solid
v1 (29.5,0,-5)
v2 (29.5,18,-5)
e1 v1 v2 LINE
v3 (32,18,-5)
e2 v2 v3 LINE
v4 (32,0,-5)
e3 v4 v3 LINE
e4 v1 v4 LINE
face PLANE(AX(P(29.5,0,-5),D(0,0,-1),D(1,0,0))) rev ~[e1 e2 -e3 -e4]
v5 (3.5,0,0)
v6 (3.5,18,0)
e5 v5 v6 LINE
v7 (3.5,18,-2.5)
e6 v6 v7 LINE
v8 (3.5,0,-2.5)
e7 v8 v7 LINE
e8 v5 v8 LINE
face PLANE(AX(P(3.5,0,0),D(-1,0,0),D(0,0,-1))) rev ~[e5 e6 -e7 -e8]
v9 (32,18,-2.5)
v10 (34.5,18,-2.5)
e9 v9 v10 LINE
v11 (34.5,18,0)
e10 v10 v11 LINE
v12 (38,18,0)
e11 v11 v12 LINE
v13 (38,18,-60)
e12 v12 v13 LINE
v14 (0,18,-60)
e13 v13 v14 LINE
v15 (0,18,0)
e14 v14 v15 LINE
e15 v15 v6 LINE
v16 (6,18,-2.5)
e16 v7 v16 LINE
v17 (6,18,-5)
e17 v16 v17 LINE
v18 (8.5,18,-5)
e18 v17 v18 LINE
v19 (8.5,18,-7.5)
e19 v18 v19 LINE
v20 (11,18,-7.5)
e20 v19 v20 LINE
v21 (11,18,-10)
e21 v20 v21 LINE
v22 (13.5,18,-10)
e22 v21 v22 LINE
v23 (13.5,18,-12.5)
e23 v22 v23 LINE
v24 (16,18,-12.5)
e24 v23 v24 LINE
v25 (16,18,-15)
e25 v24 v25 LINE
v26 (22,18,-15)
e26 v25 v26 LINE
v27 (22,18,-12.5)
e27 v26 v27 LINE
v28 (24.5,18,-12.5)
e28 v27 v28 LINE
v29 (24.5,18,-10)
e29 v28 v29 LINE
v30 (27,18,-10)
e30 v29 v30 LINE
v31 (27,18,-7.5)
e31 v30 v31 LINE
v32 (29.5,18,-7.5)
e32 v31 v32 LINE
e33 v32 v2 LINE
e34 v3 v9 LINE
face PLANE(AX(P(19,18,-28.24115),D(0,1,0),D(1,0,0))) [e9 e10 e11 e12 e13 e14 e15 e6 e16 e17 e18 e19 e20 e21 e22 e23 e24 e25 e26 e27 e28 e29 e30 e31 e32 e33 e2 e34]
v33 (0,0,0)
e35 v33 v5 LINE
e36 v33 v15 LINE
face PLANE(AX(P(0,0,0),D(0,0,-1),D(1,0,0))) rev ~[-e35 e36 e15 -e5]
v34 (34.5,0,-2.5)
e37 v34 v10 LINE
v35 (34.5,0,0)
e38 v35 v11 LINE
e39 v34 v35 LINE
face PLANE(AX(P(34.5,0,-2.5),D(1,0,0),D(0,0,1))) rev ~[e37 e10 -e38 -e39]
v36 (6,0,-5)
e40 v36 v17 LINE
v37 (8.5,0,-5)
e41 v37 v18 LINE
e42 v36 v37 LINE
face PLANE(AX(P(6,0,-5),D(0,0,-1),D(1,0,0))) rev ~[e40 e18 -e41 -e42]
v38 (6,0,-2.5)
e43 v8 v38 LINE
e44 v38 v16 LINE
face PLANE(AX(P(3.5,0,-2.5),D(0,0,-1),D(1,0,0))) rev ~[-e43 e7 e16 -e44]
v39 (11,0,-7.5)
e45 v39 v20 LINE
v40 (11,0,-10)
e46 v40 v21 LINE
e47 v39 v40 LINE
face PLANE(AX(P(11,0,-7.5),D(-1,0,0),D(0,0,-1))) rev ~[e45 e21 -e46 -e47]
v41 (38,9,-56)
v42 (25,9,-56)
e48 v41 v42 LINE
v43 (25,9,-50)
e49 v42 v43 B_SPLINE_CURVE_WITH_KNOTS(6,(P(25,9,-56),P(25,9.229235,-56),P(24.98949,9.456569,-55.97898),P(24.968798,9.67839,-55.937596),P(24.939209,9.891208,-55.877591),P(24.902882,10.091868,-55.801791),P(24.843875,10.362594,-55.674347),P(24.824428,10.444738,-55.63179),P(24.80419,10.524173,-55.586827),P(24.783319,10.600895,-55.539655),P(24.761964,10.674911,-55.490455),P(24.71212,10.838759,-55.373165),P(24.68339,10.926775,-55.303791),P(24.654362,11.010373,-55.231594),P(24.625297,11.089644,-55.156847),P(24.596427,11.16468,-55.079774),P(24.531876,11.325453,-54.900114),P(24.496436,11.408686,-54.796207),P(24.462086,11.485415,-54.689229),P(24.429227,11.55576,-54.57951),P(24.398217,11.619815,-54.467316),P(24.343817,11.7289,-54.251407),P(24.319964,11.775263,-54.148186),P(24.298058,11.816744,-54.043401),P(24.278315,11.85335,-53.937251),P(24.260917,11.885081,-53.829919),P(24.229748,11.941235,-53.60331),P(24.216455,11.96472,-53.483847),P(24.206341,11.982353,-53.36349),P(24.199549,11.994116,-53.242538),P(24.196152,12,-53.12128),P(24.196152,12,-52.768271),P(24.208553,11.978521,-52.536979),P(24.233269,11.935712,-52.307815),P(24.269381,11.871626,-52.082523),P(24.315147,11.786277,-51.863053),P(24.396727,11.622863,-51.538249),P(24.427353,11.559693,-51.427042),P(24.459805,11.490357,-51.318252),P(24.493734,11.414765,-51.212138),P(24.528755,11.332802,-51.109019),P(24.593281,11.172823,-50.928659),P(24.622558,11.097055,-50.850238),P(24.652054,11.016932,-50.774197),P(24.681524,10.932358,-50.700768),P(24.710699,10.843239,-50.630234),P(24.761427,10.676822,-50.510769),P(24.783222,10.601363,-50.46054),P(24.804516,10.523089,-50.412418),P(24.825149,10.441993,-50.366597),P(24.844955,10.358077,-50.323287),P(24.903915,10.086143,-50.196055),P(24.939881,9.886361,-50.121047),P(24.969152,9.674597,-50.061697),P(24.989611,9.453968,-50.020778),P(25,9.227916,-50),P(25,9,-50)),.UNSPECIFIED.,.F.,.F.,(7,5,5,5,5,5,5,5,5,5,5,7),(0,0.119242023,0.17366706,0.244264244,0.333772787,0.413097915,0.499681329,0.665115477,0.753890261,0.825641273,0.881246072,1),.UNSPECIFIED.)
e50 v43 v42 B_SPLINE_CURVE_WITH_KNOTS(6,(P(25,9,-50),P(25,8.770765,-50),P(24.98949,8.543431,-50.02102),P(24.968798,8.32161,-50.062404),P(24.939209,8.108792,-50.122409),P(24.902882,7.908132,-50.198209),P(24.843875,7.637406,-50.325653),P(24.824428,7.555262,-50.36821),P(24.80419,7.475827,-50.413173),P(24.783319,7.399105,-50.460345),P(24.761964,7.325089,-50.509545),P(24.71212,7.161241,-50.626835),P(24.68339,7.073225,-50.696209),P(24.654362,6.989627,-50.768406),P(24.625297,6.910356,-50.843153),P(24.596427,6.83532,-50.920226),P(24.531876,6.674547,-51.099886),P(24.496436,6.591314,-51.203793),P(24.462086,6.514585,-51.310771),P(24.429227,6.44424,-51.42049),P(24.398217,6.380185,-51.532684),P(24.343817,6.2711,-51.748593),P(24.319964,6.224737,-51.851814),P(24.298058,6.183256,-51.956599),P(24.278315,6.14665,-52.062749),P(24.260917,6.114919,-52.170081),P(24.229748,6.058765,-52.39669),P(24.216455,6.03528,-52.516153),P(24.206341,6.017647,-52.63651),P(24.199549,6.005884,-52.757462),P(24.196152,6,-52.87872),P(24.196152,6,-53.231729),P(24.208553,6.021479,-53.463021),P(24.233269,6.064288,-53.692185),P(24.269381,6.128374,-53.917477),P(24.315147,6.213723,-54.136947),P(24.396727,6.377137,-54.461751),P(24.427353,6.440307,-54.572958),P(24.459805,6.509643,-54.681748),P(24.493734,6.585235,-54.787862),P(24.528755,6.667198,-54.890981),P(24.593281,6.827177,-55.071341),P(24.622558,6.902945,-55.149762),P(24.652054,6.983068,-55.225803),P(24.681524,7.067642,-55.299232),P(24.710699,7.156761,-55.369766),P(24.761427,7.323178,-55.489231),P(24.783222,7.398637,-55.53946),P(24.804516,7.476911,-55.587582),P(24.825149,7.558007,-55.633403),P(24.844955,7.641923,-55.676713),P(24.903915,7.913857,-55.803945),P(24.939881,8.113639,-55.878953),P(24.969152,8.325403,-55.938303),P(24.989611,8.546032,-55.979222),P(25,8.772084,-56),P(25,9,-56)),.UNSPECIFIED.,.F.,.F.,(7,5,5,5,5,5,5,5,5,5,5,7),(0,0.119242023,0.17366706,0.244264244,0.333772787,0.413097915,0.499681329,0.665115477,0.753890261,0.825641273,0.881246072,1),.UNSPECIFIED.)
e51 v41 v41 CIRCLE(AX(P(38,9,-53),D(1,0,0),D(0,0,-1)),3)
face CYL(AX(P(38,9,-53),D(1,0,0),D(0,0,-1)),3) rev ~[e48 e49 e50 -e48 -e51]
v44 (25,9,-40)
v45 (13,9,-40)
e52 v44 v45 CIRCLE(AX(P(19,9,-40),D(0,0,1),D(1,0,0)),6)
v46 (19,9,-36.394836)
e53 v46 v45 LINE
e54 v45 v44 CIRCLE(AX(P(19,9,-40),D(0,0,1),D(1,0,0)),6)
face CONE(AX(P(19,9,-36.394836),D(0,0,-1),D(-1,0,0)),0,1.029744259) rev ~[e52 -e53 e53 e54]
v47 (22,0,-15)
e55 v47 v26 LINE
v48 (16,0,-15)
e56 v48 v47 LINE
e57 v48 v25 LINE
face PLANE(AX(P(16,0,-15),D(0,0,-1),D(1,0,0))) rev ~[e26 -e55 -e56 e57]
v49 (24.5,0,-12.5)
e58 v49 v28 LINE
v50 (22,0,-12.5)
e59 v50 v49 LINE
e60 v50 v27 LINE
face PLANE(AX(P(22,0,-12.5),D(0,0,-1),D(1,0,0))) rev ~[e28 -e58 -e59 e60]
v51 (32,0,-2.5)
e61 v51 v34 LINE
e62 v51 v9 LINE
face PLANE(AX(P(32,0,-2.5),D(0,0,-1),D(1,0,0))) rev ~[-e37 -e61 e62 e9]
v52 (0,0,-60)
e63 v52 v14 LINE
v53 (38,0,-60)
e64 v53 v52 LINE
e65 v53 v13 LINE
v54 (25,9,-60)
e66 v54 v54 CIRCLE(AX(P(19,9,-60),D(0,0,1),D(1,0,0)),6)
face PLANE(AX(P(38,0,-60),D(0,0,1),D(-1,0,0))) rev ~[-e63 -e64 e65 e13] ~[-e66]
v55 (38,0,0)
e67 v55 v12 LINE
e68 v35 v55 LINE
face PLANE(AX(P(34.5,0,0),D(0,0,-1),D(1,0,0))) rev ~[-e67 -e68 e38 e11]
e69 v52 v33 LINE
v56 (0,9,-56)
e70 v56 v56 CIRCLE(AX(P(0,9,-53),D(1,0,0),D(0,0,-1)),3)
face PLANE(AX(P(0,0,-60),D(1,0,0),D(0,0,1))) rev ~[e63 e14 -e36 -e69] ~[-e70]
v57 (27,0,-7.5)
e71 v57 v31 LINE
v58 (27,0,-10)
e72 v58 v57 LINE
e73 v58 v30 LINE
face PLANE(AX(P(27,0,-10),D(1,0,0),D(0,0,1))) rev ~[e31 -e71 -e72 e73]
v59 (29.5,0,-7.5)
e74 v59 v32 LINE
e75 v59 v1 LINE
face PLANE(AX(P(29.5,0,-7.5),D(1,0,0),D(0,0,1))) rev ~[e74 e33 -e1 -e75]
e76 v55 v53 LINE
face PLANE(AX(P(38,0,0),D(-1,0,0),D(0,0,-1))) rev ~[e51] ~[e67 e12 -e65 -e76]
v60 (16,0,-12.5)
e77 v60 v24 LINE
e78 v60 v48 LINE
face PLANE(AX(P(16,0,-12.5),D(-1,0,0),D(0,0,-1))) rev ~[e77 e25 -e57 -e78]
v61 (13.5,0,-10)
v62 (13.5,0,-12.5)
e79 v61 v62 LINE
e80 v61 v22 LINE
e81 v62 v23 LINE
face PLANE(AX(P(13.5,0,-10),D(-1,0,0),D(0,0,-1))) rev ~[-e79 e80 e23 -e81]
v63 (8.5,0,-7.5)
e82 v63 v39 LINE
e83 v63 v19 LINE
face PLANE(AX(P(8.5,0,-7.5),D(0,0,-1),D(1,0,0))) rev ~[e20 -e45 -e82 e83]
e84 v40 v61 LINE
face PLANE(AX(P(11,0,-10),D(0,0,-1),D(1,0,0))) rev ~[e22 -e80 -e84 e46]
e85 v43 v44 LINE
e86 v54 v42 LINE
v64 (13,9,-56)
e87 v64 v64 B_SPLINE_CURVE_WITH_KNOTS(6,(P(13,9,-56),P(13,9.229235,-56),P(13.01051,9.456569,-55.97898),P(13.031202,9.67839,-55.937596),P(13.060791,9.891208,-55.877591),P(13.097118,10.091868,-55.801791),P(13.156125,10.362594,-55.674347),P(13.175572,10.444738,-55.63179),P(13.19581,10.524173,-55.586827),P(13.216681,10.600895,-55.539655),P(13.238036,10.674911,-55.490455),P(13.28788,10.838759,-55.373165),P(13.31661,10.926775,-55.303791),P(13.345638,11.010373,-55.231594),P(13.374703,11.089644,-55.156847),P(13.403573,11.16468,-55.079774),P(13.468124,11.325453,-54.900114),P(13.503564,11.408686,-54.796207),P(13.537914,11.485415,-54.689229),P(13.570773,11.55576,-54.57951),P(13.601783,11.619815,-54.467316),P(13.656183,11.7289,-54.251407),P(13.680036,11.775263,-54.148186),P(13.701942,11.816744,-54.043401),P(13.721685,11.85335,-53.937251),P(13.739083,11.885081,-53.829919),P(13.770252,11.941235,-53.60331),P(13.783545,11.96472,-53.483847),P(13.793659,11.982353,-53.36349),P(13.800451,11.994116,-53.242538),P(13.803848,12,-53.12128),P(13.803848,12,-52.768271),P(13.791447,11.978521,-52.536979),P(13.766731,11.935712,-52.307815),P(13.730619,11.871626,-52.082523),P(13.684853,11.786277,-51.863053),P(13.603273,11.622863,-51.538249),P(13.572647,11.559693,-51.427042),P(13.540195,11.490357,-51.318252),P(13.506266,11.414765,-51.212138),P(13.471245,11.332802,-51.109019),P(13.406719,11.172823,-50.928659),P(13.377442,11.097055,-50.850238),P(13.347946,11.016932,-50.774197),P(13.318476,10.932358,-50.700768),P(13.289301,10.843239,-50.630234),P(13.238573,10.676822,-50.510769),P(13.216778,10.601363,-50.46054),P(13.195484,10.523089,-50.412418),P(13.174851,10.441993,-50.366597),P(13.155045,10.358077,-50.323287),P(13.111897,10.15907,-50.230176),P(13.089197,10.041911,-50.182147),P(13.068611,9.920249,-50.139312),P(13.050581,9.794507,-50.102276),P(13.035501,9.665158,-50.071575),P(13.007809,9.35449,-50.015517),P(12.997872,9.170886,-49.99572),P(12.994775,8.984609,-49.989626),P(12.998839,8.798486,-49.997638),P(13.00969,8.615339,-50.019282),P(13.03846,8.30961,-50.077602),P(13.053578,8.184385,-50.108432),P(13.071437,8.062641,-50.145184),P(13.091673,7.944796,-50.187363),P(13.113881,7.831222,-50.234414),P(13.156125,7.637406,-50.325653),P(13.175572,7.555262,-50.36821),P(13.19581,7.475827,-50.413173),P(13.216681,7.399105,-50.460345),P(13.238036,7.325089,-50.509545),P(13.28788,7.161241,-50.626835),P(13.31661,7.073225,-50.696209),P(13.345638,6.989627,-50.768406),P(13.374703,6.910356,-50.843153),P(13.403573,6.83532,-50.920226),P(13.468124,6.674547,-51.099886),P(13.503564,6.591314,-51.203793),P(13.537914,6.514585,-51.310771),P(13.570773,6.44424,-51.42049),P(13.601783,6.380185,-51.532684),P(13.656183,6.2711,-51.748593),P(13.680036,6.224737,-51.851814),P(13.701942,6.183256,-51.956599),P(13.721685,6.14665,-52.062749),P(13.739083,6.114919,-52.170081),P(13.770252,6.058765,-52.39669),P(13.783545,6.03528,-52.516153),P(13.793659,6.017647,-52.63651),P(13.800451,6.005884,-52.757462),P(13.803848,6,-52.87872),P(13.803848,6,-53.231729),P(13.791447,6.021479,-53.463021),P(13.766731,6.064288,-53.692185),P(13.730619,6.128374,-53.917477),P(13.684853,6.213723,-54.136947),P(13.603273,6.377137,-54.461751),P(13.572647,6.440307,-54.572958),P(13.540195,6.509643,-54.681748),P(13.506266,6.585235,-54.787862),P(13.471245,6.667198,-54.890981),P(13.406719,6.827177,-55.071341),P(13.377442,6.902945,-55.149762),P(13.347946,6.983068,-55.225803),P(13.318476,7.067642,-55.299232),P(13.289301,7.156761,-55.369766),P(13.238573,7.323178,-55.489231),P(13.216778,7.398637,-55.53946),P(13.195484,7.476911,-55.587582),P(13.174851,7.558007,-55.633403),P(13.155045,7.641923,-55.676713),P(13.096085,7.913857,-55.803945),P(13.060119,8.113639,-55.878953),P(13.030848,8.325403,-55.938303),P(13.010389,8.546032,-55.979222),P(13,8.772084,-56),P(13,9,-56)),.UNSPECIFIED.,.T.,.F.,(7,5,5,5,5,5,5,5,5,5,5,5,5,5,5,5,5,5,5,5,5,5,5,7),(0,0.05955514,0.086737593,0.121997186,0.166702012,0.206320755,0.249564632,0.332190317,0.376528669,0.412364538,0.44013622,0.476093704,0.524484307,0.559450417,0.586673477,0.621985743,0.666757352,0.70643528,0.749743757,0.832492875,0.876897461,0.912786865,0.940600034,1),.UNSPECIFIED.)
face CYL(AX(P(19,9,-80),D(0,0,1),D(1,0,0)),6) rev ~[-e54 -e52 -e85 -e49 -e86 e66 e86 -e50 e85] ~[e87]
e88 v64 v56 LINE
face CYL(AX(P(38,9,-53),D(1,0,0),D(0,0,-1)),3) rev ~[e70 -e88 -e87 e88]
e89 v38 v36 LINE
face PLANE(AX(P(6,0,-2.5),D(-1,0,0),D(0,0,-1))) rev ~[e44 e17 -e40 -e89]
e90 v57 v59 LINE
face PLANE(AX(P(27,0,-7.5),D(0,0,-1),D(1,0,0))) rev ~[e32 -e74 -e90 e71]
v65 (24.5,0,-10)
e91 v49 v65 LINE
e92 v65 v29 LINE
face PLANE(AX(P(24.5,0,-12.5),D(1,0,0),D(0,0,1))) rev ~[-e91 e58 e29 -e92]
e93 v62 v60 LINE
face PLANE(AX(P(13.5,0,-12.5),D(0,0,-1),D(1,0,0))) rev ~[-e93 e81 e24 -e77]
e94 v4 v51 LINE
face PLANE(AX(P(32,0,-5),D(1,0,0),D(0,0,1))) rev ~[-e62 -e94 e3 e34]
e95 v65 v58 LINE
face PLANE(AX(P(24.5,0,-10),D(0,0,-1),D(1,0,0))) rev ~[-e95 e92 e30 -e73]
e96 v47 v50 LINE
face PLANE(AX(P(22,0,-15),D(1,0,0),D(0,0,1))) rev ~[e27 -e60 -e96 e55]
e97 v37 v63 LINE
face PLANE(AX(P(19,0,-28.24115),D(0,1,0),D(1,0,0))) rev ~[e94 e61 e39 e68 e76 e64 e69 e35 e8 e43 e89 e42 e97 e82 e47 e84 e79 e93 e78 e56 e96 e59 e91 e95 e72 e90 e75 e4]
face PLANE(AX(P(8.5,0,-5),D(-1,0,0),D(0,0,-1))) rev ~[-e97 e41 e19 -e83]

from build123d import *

# Parameters (mm, degrees)
BOSS_EXTRUDE1_DEPTH        = 18
SKETCH2_R                  = 3
CUT_EXTRUDE1_DEPTH         = 38
F_12_0MM_DOWEL_HOLE1_D     = 12
F_12_0MM_DOWEL_HOLE1_DEPTH = 20
F_12_0MM_DOWEL_HOLE1_TIP   = 3.605163714


with BuildPart() as part:
    # Sketch1 → Boss-Extrude1 (new body)
    with BuildSketch(Plane(origin=(0, 0, 0), x_dir=(1, 0, 0), z_dir=(0, 1, 0))):
        Polygon((0, 60), (0, 0), (3.5, 0), (3.5, 2.5), (6, 2.5), (6, 5), (8.5, 5), (8.5, 7.5), (11, 7.5), (11, 10), (13.5, 10), (13.5, 12.5), (16, 12.5), (16, 15), (22, 15), (22, 12.5), (24.5, 12.5), (24.5, 10), (27, 10), (27, 7.5), (29.5, 7.5), (29.5, 5), (32, 5), (32, 2.5), (34.5, 2.5), (34.5, 0), (38, 0), (38, 60), align=None)
    extrude(amount=BOSS_EXTRUDE1_DEPTH)

    # Sketch2 → Cut-Extrude1 (cut)
    with BuildSketch(Plane(origin=(38, 0, 0), x_dir=(0, 0, -1), z_dir=(1, 0, 0))):
        with Locations((53, 9)):
            Circle(SKETCH2_R)
    extrude(amount=-CUT_EXTRUDE1_DEPTH, mode=Mode.SUBTRACT)

    # Ø12.0mm Dowel Hole1
    with Locations(Plane(origin=(19, 9, -60), x_dir=(-1, 0, 0), z_dir=(0, 0, -1))):
        with Locations((0, 0)):
            Hole(F_12_0MM_DOWEL_HOLE1_D / 2, depth=F_12_0MM_DOWEL_HOLE1_DEPTH)
            with Locations((0, 0, -(F_12_0MM_DOWEL_HOLE1_DEPTH + F_12_0MM_DOWEL_HOLE1_TIP / 2))):  # 118° drill point
                Cone(0, F_12_0MM_DOWEL_HOLE1_D / 2, F_12_0MM_DOWEL_HOLE1_TIP, mode=Mode.SUBTRACT)


solid = part.part
